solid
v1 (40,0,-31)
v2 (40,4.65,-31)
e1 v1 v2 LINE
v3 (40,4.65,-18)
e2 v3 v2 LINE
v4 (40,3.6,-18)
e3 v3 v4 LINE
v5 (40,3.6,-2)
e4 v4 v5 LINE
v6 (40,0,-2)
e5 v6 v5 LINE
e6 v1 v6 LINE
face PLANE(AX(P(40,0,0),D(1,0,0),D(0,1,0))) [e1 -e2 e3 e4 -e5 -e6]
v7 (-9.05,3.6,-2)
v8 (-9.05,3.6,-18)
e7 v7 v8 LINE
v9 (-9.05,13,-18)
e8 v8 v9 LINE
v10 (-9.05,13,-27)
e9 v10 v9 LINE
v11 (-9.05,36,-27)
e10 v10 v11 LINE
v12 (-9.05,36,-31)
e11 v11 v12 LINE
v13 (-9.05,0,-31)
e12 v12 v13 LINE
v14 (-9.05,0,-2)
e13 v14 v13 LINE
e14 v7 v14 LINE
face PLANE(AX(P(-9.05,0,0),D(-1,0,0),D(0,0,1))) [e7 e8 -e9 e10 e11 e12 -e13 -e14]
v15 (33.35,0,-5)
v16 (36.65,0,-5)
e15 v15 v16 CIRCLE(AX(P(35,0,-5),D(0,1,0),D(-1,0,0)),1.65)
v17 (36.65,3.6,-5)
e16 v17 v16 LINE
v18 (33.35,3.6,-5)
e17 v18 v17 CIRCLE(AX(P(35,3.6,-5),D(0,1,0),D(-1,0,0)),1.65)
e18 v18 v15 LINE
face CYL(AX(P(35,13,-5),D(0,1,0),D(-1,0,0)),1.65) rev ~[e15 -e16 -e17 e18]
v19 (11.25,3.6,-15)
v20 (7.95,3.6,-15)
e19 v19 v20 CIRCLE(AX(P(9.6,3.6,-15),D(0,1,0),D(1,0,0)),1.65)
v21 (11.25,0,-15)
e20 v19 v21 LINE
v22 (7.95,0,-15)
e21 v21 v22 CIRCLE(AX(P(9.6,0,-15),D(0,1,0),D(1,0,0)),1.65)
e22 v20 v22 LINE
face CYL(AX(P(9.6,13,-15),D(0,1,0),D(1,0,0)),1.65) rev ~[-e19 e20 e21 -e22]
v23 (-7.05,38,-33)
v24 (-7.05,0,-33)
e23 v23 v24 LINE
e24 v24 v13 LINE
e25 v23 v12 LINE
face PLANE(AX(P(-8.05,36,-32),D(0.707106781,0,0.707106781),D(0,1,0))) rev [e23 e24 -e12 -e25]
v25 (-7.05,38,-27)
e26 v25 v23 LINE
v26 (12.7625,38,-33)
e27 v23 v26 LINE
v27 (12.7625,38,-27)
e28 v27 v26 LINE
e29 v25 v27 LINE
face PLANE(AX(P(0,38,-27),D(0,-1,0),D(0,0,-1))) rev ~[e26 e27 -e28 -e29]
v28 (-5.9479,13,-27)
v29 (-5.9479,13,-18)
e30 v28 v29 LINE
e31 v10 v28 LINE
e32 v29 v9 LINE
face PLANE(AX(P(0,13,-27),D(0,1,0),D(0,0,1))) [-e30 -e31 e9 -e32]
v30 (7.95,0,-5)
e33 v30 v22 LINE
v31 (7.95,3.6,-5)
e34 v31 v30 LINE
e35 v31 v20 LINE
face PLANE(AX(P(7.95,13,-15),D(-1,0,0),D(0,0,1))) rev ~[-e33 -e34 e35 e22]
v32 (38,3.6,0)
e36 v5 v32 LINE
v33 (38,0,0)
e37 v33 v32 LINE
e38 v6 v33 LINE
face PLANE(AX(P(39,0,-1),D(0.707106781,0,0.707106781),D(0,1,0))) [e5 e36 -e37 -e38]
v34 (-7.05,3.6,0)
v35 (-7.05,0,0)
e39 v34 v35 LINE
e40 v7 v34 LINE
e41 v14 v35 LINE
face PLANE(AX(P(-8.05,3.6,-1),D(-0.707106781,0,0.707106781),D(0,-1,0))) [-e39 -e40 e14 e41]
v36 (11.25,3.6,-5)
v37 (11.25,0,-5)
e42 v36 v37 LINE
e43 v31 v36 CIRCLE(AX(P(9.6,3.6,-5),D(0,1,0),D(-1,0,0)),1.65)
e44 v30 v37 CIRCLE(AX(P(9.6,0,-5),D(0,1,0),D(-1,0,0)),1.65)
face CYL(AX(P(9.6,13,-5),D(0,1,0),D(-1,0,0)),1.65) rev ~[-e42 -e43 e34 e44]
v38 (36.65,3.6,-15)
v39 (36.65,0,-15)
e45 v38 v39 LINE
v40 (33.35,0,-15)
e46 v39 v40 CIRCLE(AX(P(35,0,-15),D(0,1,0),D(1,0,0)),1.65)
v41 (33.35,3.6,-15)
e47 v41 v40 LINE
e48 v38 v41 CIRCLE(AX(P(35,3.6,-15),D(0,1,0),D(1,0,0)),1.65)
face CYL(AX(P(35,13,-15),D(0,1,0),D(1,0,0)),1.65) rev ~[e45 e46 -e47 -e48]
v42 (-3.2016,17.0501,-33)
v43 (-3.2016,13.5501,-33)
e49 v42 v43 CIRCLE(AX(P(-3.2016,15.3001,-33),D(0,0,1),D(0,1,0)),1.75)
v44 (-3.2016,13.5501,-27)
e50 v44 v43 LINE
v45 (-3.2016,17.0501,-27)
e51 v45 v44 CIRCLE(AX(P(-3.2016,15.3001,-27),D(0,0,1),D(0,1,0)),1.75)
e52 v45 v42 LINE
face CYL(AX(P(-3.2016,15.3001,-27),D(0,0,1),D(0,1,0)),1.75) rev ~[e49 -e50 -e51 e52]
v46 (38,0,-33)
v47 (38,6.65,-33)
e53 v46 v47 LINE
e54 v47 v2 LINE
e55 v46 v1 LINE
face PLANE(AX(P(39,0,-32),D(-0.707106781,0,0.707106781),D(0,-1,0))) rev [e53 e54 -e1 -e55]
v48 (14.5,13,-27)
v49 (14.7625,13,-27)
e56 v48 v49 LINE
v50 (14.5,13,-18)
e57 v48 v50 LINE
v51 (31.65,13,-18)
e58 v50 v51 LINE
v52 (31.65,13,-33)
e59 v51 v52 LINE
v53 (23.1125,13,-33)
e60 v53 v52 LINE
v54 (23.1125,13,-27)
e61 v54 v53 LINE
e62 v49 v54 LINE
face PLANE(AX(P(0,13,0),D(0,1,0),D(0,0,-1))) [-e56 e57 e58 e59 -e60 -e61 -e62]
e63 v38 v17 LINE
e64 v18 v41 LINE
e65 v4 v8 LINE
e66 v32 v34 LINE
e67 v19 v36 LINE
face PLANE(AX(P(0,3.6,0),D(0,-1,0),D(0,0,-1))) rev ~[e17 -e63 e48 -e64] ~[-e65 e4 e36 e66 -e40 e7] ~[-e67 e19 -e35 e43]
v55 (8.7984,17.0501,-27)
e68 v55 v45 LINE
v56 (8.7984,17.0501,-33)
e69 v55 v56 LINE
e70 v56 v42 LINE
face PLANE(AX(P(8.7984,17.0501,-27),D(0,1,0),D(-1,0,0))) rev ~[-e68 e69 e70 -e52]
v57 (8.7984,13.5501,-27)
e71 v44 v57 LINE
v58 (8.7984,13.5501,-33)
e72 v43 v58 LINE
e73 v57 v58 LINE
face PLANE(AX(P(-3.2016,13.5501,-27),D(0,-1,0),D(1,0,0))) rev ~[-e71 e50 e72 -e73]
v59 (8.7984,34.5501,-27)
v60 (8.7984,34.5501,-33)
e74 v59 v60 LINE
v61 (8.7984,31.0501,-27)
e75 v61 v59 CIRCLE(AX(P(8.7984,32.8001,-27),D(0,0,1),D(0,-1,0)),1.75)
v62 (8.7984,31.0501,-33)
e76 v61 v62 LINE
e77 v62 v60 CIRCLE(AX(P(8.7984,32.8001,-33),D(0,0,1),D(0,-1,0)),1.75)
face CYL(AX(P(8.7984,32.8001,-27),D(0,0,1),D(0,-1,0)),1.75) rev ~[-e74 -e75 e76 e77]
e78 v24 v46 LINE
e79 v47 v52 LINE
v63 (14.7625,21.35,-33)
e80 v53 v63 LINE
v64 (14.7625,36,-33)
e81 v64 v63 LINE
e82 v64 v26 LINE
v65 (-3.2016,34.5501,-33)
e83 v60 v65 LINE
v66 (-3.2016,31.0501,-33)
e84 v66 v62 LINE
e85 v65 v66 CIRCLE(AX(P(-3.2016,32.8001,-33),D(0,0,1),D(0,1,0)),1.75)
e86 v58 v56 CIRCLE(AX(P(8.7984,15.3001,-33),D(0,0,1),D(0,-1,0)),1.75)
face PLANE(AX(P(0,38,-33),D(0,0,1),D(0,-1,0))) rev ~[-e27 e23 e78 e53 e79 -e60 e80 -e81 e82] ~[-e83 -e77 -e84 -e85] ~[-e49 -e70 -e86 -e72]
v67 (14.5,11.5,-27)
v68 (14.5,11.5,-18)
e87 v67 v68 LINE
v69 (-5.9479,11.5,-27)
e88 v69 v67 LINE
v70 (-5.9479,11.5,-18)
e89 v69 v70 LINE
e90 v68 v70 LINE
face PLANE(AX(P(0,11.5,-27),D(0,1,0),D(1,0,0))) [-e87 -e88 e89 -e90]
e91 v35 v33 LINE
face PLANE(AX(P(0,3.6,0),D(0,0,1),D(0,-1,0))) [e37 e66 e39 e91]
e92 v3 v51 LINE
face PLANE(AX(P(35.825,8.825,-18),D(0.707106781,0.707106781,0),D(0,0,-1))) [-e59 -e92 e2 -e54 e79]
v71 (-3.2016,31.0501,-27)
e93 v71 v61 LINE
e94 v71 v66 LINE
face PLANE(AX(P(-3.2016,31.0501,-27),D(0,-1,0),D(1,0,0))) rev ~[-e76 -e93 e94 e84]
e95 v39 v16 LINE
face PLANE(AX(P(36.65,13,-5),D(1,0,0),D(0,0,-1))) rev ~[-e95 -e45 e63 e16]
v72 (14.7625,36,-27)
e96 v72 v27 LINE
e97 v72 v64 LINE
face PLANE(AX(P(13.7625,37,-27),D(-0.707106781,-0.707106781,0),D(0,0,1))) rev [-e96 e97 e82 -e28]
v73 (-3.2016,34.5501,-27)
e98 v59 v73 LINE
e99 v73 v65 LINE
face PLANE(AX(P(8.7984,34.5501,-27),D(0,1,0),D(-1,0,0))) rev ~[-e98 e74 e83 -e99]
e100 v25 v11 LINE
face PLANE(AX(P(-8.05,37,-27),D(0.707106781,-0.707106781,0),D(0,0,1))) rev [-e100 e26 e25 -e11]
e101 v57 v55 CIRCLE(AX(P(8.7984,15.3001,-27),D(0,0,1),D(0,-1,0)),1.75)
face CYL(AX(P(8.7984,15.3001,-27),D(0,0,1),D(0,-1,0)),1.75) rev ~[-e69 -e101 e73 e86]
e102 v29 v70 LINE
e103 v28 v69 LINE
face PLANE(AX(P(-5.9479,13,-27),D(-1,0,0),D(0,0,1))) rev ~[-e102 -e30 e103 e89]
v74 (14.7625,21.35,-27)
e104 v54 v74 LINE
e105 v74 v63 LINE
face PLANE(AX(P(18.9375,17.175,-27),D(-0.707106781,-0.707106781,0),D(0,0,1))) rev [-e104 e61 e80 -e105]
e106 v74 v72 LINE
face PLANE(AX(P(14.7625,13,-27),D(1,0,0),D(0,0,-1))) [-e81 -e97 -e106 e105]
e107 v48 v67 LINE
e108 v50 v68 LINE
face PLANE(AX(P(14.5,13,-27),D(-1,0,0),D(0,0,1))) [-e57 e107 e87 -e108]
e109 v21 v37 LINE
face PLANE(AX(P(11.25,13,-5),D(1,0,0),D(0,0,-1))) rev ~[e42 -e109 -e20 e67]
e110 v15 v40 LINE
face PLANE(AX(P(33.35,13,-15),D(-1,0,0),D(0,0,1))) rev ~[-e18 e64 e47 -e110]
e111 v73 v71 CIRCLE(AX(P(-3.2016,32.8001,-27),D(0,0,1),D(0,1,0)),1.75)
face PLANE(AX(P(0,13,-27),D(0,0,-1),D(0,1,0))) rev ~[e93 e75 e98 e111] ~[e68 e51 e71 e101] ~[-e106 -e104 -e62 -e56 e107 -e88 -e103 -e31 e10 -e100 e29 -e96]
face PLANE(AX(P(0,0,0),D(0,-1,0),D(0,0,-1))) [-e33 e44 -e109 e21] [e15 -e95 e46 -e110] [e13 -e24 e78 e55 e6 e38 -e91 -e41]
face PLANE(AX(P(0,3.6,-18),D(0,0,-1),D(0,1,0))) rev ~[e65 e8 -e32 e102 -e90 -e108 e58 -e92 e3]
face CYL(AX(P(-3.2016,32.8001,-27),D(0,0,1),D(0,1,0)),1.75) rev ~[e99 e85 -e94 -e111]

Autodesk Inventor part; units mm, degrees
ref_plane "YZ Plane" through (0, 0, 0) normal (1, 0, 0) x (0, 1, 0)
ref_plane "XZ Plane" through (0, 0, 0) normal (0, 1, 0) x (-1, 0, 0)
ref_plane "XY Plane" through (0, 0, 0) normal (0, 0, 1) x (1, 0, 0)
sketch "Sketch1" plane through (0, 0, 0) normal (1, 0, 0) x (0, 1, 0)
  line L0 (0, 0) -> (13, 0)
  line L1 (13, 0) -> (13, -27)
  line L2 (13, -27) -> (0, -27)
  line L3 (0, -27) -> (0, 0)
  dimension "d0" = 13
  dimension "d1" = 27
extrude "Extrusion1" add sketch "Sketch1" along normal blind 40
sketch "Sketch2" plane through (40, 0, 0) normal (1, 0, 0) x (0, 0, -1)
  line L0 (27, 0) -> (27, 13) projected
  line L1 (27, 0) -> (33, 0)
  line L2 (33, 0) -> (33, 38)
  line L3 (33, 38) -> (27, 38)
  line L4 (27, 38) -> (27, 0)
  point P0 (0, 0)
  dimension "d4" = 6
  dimension "d5" = 38
extrude "Extrusion2" add sketch "Sketch2" against normal blind 40
sketch "Sketch3" plane through (0, 13, 0) normal (0, 1, 0) x (1, 0, 0)
  line L0 (40, 27) -> (40, 0) construction
  line L1 (40, 0) -> (35, 0) construction
  line L2 (0, 0) -> (40, 0) construction
  line L3 (35, 0) -> (35, 5) construction
  line L4 (35, 5) -> (35, 15) construction
  line L5 (35, 5) -> (9.6, 5) construction
  line L6 (35, 5) -> (35, 15) construction
  line L7 (36.65, 5) -> (36.65, 15)
  line L8 (33.35, 15) -> (33.35, 5)
  arc A0 (33.35, 5) -> (36.65, 5) centre (35, 5) ccw
  arc A1 (36.65, 15) -> (33.35, 15) centre (35, 15) ccw
  line L9 (9.6, 0) -> (9.6, 5) construction
  line L10 (9.6, 5) -> (9.6, 15) construction
  line L11 (9.6, 5) -> (-15.8, 5) construction
  line L12 (9.6, 5) -> (9.6, 15) construction
  line L13 (11.25, 5) -> (11.25, 15)
  line L14 (7.95, 15) -> (7.95, 5)
  arc A2 (7.95, 5) -> (11.25, 5) centre (9.6, 5) ccw
  arc A3 (11.25, 15) -> (7.95, 15) centre (9.6, 15) ccw
  point P0 (35, 10)
  point P1 (9.6, 10)
  dimension "d8" = 5
  dimension "d9" = 5
  dimension "d10" = 10
  dimension "d11" = 25.4
  dimension "d12" = 3.3
  dimension "d13" = 5
  dimension "d14" = 10
  dimension "d15" = 25.4
  dimension "d16" = 3.3
extrude "Extrusion3" cut sketch "Sketch3" against normal blind 40
sketch "Sketch4" plane through (0, 13, 0) normal (0, 1, 0) x (1, 0, 0)
  point P0 (0, 0)
sketch "Sketch7" plane through (40, 13, -27) normal (0, 0, 1) x (1, 0, 0)
  line L0 (0, 25) -> (0, 0) projected
  line L1 (-40, 0) -> (0, 0) projected
  line L2 (0, 25) -> (-20, 25)
  line L3 (-20, 25) -> (-20, 0)
  line L4 (-20, 0) -> (0, 0)
  line L5 (0, 0) -> (0, 25)
  point P0 (-40, -13)
extrude "Extrusion6" cut sketch "Sketch7" against normal blind 45.275
sketch "Sketch9" plane through (0, 0, 0) normal (-1, 0, 0) x (0, 0, 1)
  line L0 (0, 0) -> (0, 3.6) construction
  line L1 (0, 13) -> (0, 0) construction
  line L2 (0, 3.6) -> (-18, 3.6)
  line L3 (-18, 3.6) -> (-18, 13)
  line L4 (-18, 13) -> (0, 13)
  line L5 (0, 13) -> (0, 3.6)
  dimension "d58" = 3.6
  dimension "d59" = 18
extrude "Extrusion8" cut sketch "Sketch9" against normal blind 50.325
sketch "Sketch10" plane through (40, 0, -33) normal (0, 0, -1) x (-1, 0, 0)
  point P0 (40, 0)
sketch "Sketch8" plane through (0, 13, -27) normal (0, 1, 0) x (1, 0, 0)
  line L0 (0, 0) -> (20, 0) construction
  line L1 (0, 0) -> (2.5, 0) construction
  line L2 (2.5, 0) -> (14.5, 0)
  line L3 (14.5, 0) -> (14.5, -10)
  line L4 (14.5, -10) -> (2.5, -10)
  line L5 (2.5, -10) -> (2.5, 0)
  point P0 (0, -27)
  point P1 (26.7625, 0)
  dimension "d53" = 2.5
  dimension "d54" = 12
  dimension "d55" = 10
extrude "Extrusion7" cut sketch "Sketch8" against normal blind 1.5
sketch "Sketch11" plane through (0, 0, 0) normal (-1, 0, 0) x (0, 0, 1)
  line L0 (0, 3.6) -> (-18, 3.6) projected
  line L1 (-18, 3.6) -> (-18, 13) projected
  line L2 (-27, 13) -> (-18, 13) projected
  line L3 (-27, 13) -> (-27, 38) projected
  line L4 (-27, 38) -> (-33, 38) projected
  line L5 (-33, 38) -> (-33, 0) projected
  line L6 (0, 0) -> (-33, 0) projected
  line L7 (0, 3.6) -> (0, 0) projected
extrude "Extrusion9" add sketch "Sketch11" along normal blind 9.05
sketch "Sketch6" plane through (40, 13, -27) normal (0, 0, 1) x (1, 0, 0)
  line L0 (-40, 0) -> (0, 0) construction
  line L1 (-47.2016, 0) -> (-47.2016, 2.3001) construction
  line L2 (-40, 25) -> (-40, -13) construction
  line L3 (-47.2016, 2.3001) -> (-13.7954, 2.3001) construction
  line L4 (-47.2016, 2.3001) -> (-47.2016, 19.8001) construction
  line L5 (-47.2016, 19.8001) -> (-14.7386, 19.8001) construction
  line L6 (-47.2016, 2.3001) -> (-43.2016, 2.3001) construction
  line L7 (-43.2016, 2.3001) -> (-43.2016, 19.8001) construction
  line L8 (-43.2016, 19.8001) -> (-31.2016, 19.8001) construction
  line L9 (-43.2016, 2.3001) -> (-31.2016, 2.3001) construction
  line L10 (-43.2016, 19.8001) -> (-31.2016, 19.8001) construction
  line L11 (-43.2016, 18.0501) -> (-31.2016, 18.0501)
  line L12 (-31.2016, 21.5501) -> (-43.2016, 21.5501)
  arc A0 (-43.2016, 21.5501) -> (-43.2016, 18.0501) centre (-43.2016, 19.8001) ccw
  arc A1 (-31.2016, 18.0501) -> (-31.2016, 21.5501) centre (-31.2016, 19.8001) ccw
  line L13 (-43.2016, 2.3001) -> (-31.2016, 2.3001) construction
  line L14 (-43.2016, 0.5501) -> (-31.2016, 0.5501)
  line L15 (-31.2016, 4.0501) -> (-43.2016, 4.0501)
  arc A2 (-43.2016, 4.0501) -> (-43.2016, 0.5501) centre (-43.2016, 2.3001) ccw
  arc A3 (-31.2016, 0.5501) -> (-31.2016, 4.0501) centre (-31.2016, 2.3001) ccw
  point P0 (-37.2016, 19.8001)
  point P1 (-37.2016, 2.3001)
  dimension "d28" = 7.56
  dimension "d29" = 17.5
  dimension "d30" = 4
  dimension "d31" = 12
  dimension "d32" = 12
  dimension "d33" = 3.5
  dimension "d34" = 3.5
extrude "Extrusion5" cut sketch "Sketch6" against normal blind 35.6875
sketch "Sketch13" plane through (2.5, 13, -18) normal (0, 1, 0) x (1, 0, 0)
  line L0 (-11.55, 0) -> (37.5, 0) projected
  line L1 (6.2984, 9) -> (-5.7016, 9) projected
  line L2 (-8.4479, 0) -> (0.0285, 0)
  line L3 (0.0285, 0) -> (0.0285, 9)
  line L4 (0.0285, 9) -> (-8.4479, 9)
  line L5 (-8.4479, 9) -> (-8.4479, 0)
  point P0 (-2.5, -18)
  point P1 (5.45, 0)
  point P2 (0.0285, 0)
  point P3 (-5.7016, 9)
extrude "Extrusion10" cut sketch "Sketch13" against normal up to surface (1.5 mm away)
chamfer "Chamfer5" distance 8.35 angle 45 1 edges at (40, 13, -25.5)
sketch "Sketch14" plane through (20, 13, -27) normal (1, 0, 0) x (0, 0, -1)
  line L0 (6, 25) -> (6, 0) projected
  line L1 (0, 25) -> (6, 25) projected
  line L2 (0, 0) -> (0, 25) projected
  line L3 (0, 0) -> (6, 0) projected
  point P0 (-27, -13)
extrude "Extrusion11" cut sketch "Sketch14" against normal blind 5.2375
chamfer "Chamfer6" distance 8.35 angle 45 1 edges at (14.7625, 13, -30)
chamfer "Chamfer7" distance 2 angle 45 2 edges at (14.7625, 38, -30) (-9.05, 38, -30)
chamfer "Chamfer8" distance 2 angle 45 4 edges at (40, 1.8, 0) (-9.05, 1.8, 0) (40, 2.325, -33) (-9.05, 18, -33)
properties part number "Motor Mount v2"
